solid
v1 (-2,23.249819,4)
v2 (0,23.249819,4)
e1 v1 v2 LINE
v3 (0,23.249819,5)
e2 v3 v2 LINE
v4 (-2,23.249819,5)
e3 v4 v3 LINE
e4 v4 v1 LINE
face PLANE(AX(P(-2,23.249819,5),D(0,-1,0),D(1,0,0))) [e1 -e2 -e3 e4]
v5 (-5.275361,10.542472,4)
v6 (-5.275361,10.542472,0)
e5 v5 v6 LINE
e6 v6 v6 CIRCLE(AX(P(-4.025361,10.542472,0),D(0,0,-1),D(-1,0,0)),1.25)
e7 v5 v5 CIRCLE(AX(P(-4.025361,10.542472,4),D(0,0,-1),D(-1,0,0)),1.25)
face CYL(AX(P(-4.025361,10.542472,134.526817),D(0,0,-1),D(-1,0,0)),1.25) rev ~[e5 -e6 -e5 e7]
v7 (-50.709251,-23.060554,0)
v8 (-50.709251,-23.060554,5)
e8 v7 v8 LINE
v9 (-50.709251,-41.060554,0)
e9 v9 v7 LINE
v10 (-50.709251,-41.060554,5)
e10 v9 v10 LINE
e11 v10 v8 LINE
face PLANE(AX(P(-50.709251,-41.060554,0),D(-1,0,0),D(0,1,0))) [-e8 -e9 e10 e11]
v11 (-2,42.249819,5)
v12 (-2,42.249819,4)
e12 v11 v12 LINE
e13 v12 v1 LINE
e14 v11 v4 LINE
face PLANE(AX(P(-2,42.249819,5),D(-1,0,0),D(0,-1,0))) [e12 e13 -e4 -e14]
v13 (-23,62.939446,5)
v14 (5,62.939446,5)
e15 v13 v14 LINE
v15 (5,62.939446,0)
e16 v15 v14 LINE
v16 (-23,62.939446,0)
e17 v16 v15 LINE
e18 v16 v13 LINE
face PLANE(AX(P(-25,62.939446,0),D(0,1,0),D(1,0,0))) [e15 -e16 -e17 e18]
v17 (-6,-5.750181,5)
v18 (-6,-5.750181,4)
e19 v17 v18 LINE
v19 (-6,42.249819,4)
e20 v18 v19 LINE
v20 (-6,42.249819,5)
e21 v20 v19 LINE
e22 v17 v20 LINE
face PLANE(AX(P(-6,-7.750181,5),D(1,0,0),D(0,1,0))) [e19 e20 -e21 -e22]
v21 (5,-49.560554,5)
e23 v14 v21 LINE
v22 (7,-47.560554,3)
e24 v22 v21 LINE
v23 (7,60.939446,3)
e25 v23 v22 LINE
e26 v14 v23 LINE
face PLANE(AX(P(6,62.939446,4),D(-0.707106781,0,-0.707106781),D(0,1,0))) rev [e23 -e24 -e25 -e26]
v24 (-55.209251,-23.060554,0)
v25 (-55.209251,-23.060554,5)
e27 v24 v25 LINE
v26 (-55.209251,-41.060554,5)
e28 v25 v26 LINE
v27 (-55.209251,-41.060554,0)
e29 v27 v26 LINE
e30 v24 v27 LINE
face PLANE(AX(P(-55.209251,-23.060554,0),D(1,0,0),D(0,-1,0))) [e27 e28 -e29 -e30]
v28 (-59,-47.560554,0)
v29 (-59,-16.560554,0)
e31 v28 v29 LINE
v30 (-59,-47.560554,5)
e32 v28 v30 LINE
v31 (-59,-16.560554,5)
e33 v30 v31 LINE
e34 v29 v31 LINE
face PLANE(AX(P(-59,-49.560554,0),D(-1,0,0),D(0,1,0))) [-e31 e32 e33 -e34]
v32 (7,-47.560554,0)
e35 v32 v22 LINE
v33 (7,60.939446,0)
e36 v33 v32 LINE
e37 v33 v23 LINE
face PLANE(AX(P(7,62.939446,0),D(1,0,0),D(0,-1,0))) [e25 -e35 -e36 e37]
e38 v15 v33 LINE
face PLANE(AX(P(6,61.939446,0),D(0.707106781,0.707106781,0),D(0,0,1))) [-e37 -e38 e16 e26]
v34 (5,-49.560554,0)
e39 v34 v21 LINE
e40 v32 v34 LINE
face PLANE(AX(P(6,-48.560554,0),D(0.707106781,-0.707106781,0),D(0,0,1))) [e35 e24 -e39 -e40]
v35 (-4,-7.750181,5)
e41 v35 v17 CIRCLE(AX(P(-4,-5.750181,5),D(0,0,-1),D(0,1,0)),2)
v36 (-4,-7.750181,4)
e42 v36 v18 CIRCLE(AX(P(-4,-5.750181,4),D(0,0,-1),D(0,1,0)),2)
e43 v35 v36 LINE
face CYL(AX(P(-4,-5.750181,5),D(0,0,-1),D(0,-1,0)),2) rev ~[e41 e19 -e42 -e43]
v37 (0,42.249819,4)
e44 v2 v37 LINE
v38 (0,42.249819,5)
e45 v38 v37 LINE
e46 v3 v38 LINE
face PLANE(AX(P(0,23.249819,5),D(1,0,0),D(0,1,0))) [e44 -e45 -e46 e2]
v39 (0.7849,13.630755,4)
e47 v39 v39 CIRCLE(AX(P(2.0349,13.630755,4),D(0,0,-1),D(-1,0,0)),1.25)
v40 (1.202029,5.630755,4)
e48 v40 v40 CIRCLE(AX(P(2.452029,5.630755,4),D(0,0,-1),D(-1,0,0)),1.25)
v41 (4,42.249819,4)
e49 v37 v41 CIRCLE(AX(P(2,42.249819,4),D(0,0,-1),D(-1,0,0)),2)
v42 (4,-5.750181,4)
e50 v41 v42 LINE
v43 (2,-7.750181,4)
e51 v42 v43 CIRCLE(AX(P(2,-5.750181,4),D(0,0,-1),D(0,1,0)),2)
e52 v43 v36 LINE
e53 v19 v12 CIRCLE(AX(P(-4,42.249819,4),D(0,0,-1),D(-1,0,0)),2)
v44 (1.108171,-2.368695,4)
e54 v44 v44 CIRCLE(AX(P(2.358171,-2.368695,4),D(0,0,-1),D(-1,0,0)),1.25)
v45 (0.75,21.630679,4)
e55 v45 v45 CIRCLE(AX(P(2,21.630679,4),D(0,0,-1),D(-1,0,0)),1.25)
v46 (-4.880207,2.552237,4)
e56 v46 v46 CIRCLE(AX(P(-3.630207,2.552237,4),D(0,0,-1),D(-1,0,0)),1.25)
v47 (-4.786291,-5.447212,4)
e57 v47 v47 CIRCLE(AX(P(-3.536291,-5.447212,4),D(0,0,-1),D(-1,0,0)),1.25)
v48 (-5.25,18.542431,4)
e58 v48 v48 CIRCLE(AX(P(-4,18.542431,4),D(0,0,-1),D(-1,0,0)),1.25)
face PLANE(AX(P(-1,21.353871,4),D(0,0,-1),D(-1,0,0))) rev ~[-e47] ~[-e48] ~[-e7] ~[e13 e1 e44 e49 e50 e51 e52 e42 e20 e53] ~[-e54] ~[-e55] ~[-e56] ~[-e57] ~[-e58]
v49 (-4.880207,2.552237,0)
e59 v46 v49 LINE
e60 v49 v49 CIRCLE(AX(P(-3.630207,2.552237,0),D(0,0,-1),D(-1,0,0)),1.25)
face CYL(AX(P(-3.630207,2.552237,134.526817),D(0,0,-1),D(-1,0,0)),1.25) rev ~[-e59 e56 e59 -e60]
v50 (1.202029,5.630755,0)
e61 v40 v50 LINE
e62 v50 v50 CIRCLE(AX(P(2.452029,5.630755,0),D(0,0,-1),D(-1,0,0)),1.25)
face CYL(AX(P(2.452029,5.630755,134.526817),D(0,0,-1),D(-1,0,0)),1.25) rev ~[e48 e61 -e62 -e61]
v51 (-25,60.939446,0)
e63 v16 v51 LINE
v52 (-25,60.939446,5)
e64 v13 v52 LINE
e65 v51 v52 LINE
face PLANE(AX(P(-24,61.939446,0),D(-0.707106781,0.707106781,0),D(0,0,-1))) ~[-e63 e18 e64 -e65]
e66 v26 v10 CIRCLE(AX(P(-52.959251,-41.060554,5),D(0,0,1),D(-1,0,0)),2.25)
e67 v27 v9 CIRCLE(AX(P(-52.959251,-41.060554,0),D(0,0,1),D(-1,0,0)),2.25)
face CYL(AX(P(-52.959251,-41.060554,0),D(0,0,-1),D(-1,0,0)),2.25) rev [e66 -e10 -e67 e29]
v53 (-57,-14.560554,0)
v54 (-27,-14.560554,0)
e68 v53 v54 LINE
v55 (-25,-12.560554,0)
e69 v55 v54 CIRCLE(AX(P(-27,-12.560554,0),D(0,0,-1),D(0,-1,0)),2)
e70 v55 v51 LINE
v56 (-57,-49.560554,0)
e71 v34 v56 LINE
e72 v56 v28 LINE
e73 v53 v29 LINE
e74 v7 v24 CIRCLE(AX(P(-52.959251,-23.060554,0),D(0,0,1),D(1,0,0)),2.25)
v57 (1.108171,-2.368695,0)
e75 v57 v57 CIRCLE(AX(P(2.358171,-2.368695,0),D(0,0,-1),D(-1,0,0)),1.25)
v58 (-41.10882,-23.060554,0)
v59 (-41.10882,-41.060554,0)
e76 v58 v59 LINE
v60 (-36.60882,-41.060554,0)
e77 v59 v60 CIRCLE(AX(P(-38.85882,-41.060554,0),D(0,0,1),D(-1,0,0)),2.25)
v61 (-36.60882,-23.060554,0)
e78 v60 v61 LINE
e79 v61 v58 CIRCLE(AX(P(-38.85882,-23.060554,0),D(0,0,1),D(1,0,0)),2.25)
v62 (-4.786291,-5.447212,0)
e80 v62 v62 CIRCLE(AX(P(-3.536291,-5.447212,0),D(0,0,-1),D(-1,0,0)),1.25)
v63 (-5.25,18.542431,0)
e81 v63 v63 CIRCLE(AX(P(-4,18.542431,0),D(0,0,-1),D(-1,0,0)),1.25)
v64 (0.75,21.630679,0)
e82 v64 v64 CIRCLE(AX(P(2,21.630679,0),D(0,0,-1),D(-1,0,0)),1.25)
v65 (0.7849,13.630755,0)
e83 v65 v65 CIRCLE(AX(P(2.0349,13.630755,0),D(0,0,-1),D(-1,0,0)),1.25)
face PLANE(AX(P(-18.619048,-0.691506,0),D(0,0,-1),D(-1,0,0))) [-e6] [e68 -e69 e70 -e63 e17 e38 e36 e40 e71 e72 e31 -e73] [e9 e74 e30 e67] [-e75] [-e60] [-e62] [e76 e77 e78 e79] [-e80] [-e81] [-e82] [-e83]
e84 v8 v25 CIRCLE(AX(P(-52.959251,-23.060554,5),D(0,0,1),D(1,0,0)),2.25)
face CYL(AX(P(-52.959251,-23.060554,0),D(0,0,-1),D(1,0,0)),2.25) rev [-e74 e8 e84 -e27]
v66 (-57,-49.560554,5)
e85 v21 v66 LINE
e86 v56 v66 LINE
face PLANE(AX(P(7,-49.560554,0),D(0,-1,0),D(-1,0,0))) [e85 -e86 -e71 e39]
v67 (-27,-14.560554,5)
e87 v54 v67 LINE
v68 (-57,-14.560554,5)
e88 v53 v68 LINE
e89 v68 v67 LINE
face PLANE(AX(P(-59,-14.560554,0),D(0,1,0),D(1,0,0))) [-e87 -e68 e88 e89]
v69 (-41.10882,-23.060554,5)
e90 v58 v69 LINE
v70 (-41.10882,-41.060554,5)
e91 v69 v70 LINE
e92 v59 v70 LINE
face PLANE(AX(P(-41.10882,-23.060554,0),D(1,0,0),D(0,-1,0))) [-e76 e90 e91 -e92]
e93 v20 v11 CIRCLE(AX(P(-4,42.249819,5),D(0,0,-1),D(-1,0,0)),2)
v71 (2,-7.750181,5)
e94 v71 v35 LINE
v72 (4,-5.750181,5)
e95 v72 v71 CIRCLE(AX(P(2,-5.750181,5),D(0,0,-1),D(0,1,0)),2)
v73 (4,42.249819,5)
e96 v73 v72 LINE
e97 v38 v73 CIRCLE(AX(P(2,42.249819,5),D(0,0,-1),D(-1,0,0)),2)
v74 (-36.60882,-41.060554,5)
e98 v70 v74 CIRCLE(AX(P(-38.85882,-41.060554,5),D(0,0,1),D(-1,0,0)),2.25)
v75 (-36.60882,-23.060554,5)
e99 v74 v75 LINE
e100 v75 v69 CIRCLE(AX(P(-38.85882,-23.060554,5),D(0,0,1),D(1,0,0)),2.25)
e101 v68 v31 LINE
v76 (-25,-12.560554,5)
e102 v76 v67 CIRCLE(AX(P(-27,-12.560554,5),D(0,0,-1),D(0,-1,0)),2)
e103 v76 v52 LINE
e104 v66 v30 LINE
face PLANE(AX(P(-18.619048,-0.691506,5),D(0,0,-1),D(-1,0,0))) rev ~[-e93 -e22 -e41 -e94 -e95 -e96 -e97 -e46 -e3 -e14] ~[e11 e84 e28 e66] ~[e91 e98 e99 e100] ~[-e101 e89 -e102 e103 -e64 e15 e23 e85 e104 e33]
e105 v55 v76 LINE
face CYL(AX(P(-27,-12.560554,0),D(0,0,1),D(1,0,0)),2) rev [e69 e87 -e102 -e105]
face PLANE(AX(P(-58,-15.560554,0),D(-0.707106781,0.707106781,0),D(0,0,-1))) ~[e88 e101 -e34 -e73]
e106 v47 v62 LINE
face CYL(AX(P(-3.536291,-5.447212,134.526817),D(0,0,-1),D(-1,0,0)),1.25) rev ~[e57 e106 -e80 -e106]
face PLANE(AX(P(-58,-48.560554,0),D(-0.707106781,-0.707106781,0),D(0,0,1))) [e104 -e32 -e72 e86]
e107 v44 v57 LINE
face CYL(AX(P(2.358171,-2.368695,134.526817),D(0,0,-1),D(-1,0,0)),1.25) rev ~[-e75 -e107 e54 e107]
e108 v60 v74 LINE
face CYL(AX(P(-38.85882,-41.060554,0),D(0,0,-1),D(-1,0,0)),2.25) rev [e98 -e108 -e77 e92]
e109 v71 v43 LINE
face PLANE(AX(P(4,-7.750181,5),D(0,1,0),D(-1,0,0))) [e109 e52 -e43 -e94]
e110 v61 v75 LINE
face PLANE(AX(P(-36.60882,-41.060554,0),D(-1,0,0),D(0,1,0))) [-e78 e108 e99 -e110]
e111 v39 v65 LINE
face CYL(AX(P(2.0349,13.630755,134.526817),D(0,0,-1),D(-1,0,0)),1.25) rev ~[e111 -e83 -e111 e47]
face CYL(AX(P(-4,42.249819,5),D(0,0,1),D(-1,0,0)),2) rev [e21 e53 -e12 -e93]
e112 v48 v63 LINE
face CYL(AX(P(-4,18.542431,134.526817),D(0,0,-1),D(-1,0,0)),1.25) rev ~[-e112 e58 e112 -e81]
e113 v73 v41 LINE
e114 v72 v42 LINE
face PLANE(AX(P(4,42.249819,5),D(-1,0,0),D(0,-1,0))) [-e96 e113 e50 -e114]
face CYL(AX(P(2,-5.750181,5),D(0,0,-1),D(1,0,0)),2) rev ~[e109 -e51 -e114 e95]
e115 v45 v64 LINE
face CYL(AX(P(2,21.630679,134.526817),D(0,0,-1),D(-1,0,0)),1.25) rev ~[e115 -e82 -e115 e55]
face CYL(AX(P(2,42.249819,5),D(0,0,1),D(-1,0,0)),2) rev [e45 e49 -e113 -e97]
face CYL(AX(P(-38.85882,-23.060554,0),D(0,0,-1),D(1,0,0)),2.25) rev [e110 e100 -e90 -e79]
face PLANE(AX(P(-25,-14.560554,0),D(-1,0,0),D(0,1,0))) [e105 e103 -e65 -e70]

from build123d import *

# Parameters (mm, degrees)
BOSS_EXTRUDE1_DEPTH   = 5
CUT_EXTRUDE1_DEPTH    = 1
FILLET1_R             = 2
M3X0_5_TAPPED_HOLE1_D = 2.5
CHAMFER1_SIZE         = 2
FILLET2_R             = 2


with BuildPart() as part:
    # Sketch1 → Boss-Extrude1 (new body)
    with BuildSketch(Plane.XY):
        Polygon((-25, 62.939446367), (7, 62.939446367), (7, -49.560553633), (-59, -49.560553633), (-59, -14.560553633), (-25, -14.560553633), align=None)
        with BuildLine():
            Line((-55.209251079, -23.060553633), (-55.209251079, -41.060553633))
            ThreePointArc((-55.209251079, -41.060553633), (-52.959251079, -43.310553633), (-50.709251079, -41.060553633))
            Line((-50.709251079, -41.060553633), (-50.709251079, -23.060553633))
            ThreePointArc((-50.709251079, -23.060553633), (-52.959251079, -20.810553633), (-55.209251079, -23.060553633))
        make_face(mode=Mode.SUBTRACT)
        with BuildLine():
            Line((-41.108819931, -23.060553633), (-41.108819931, -41.060553633))
            ThreePointArc((-41.108819931, -41.060553633), (-38.858819931, -43.310553633), (-36.608819931, -41.060553633))
            Line((-36.608819931, -41.060553633), (-36.608819931, -23.060553633))
            ThreePointArc((-36.608819931, -23.060553633), (-38.858819931, -20.810553633), (-41.108819931, -23.060553633))
        make_face(mode=Mode.SUBTRACT)
    extrude(amount=BOSS_EXTRUDE1_DEPTH)

    # Sketch5 → Cut-Extrude1 (cut)
    with BuildSketch(Plane.XY.offset(5)):
        with BuildLine():
            Line((-2, 42.249819041), (-2, 23.249819041))
            Line((-2, 23.249819041), (0, 23.249819041))
            Line((0, 23.249819041), (0, 42.249819041))
            ThreePointArc((0, 42.249819041), (2, 44.249819041), (4, 42.249819041))
            Line((4, 42.249819041), (4, -7.750180959))
            Line((4, -7.750180959), (-6, -7.750180959))
            Line((-6, -7.750180959), (-6, 42.249819041))
            ThreePointArc((-6, 42.249819041), (-4, 44.249819041), (-2, 42.249819041))
        make_face()
    extrude(amount=-CUT_EXTRUDE1_DEPTH, mode=Mode.SUBTRACT)

    # Fillet1
    fillet1_edges = [part.edges().sort_by_distance(p)[0] for p in [
        (4, -7.750180959, 4.5),
        (-6, -7.750180959, 4.5),
    ]]
    fillet(fillet1_edges, radius=FILLET1_R)

    # M3x0.5 Tapped Hole1 (through all)
    with Locations(Plane.XY.offset(4)):
        with Locations((-4, 18.542431445), (2, 21.630678546), (2.034899716, 13.630754671), (-4.025360665, 10.542471642), (2.452029153, 5.630754671), (-3.630206533, 2.552236776), (2.358171393, -2.36869473), (-3.536291388, -5.447211951)):
            Hole(M3X0_5_TAPPED_HOLE1_D / 2)

    # Chamfer1
    chamfer1_edges = [part.edges().sort_by_distance(p)[0] for p in [
        (-25, 62.939446367, 2.5),
        (7, 62.939446367, 2.5),
        (7, -49.560553633, 2.5),
        (-59, -49.560553633, 2.5),
        (-59, -14.560553633, 2.5),
        (7, 6.689446367, 5),
    ]]
    chamfer(chamfer1_edges, length=CHAMFER1_SIZE)

    # Fillet2
    fillet2_edges = [part.edges().sort_by_distance(p)[0] for p in [
        (-25, -14.560553633, 2.5),
    ]]
    fillet(fillet2_edges, radius=FILLET2_R)


solid = part.part
